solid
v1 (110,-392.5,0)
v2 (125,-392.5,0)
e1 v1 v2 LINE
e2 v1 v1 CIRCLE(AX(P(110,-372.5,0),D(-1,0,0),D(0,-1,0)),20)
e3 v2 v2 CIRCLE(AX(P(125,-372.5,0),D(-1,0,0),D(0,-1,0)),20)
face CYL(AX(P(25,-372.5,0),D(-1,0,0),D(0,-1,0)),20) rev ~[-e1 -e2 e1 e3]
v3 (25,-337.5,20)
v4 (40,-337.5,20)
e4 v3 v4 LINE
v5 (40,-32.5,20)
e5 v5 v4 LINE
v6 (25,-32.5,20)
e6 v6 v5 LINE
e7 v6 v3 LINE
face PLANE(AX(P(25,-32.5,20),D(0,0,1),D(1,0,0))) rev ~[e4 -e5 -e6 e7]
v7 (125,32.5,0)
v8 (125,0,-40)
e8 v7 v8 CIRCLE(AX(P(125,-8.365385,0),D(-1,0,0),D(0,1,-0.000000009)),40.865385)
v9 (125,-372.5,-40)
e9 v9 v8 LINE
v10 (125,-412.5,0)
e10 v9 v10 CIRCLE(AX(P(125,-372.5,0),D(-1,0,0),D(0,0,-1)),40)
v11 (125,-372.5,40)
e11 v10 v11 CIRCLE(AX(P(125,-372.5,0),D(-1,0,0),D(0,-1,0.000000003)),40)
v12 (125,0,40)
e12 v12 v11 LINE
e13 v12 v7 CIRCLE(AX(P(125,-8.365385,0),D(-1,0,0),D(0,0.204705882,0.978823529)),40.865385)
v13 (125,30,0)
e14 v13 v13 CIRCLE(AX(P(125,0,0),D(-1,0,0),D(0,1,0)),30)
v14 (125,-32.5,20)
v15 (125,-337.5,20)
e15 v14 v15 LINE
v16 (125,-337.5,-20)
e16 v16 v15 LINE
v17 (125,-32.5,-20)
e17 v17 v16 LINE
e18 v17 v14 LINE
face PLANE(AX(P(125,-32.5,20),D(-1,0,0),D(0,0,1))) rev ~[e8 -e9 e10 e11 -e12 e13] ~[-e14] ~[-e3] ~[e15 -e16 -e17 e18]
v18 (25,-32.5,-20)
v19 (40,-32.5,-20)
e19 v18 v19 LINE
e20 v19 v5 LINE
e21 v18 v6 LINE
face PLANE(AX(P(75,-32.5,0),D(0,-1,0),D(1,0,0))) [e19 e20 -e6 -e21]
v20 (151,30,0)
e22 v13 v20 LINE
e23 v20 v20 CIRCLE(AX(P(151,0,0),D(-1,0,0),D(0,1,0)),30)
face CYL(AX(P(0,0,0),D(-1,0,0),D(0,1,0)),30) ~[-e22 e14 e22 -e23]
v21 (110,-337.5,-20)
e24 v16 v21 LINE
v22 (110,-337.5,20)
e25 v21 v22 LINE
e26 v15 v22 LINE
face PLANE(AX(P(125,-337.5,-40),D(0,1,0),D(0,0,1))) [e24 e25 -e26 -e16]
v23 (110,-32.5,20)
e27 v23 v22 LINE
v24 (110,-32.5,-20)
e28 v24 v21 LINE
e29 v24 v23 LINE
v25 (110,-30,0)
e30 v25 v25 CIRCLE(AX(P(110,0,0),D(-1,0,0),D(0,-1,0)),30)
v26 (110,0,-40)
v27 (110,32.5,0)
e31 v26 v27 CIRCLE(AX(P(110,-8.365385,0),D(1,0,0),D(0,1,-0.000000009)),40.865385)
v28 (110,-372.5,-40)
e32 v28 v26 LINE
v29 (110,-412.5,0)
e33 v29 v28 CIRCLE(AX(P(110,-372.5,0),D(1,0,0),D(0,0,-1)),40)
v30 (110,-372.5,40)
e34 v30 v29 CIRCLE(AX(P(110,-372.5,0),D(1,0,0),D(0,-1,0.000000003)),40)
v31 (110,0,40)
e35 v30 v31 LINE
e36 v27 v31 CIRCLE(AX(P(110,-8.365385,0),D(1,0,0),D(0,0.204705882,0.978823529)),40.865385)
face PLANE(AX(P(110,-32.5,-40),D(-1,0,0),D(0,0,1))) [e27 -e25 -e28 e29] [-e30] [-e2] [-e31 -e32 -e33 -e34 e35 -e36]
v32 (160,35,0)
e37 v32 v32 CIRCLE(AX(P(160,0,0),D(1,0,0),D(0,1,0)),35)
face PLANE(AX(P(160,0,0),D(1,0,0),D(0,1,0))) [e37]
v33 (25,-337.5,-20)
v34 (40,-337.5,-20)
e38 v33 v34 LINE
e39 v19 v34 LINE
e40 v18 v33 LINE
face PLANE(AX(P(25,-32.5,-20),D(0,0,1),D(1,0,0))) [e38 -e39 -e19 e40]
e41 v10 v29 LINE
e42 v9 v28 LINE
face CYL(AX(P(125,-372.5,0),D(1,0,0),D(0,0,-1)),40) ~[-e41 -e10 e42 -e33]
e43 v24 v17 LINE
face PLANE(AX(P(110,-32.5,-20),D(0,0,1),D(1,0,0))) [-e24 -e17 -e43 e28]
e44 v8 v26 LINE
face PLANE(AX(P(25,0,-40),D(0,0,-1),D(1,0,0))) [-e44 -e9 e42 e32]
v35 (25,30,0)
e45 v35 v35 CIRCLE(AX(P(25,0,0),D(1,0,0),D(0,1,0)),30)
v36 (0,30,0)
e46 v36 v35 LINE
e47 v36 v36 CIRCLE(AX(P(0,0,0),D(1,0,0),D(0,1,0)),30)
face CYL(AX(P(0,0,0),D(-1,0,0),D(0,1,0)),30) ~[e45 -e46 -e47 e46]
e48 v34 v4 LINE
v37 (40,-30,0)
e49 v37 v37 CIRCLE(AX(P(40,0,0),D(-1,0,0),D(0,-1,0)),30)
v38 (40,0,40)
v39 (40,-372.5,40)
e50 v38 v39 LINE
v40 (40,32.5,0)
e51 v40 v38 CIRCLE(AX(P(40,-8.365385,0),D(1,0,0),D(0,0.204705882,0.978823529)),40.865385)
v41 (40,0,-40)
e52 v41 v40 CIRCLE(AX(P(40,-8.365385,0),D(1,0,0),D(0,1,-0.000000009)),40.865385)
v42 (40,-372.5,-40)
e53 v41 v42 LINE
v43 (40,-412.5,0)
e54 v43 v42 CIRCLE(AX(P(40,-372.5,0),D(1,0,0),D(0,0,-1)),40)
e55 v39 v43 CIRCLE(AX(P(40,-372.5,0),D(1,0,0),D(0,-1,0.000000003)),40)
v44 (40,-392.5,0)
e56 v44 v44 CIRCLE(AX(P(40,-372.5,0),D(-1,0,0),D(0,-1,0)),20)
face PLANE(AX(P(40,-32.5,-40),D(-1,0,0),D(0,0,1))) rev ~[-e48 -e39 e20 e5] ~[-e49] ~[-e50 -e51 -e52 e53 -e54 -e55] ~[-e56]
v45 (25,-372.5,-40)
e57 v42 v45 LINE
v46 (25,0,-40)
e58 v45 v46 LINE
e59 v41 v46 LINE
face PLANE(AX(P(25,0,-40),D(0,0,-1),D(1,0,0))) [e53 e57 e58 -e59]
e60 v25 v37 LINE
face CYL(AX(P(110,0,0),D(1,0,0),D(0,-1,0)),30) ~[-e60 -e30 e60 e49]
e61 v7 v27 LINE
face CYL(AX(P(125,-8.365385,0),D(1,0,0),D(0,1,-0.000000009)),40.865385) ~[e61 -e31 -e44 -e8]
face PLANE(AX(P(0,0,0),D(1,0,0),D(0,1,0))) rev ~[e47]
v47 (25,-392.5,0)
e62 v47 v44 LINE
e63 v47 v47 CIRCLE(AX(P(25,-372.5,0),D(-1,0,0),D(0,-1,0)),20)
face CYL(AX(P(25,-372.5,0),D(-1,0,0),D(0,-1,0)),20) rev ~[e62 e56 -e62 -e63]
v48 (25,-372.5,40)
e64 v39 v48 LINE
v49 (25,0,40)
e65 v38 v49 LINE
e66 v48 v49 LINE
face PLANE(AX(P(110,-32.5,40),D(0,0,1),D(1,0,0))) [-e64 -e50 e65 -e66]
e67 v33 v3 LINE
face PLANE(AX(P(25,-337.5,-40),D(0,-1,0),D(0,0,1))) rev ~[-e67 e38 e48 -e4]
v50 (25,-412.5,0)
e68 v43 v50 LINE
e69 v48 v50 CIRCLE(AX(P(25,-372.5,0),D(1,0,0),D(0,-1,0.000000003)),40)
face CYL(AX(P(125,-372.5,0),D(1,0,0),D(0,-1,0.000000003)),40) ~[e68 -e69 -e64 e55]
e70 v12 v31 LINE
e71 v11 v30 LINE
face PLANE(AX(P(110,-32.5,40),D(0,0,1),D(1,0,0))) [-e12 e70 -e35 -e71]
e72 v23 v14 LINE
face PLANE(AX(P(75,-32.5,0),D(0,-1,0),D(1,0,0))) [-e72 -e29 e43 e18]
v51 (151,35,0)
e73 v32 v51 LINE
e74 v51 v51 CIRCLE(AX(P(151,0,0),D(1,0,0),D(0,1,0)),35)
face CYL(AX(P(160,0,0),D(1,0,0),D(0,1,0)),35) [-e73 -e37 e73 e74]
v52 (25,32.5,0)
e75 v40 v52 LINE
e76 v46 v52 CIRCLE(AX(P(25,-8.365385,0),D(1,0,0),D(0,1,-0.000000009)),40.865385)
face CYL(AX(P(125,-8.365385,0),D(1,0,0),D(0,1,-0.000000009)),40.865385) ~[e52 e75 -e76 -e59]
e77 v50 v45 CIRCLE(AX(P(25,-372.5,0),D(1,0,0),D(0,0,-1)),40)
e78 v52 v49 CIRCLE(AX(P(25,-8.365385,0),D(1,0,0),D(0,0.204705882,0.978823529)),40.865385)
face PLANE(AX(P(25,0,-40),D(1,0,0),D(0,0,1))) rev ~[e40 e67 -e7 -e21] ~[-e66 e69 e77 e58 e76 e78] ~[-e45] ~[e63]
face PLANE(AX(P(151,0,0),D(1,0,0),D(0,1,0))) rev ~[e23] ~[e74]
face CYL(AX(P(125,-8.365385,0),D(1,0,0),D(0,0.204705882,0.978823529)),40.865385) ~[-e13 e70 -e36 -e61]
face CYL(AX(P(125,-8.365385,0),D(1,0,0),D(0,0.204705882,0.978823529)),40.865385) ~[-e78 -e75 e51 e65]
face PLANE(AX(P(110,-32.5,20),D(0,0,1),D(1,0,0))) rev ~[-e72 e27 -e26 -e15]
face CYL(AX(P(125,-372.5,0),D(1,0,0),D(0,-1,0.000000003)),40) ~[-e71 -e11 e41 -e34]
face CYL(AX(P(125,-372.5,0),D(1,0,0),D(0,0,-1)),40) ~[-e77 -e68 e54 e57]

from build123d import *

# Parameters (mm, degrees)
F0_R          = 30
F1_DEPTH      = 160
F2_W          = 100
F2_H          = 80
F3_DEPTH      = 32.5
F3_DEPTH_BACK = 32.5
F4_W          = 15
F4_H          = 20
F5_DEPTH      = 380
F6_W          = 75
F6_H          = 80
F7_DEPTH      = 15
F8_W          = 75
F8_H          = 80
F9_DEPTH      = 15
F10_R         = 20
F11_DEPTH     = 135.001
F13_DEPTH     = 125.001
F14_W         = 70
F14_H         = 80
F15_DEPTH     = 65.001
F17_DEPTH     = 125.001
F18_R         = 30
F19_DEPTH     = 70
F20_R         = 35
F21_DEPTH     = 9


with BuildPart() as f1:
    # F0 (on Right) → F1 (new body)
    with BuildSketch(Plane.YZ):
        Circle(F0_R)
    extrude(amount=F1_DEPTH)

    # F2 (on Front) → F3 (join, two sides)
    with BuildSketch(Plane.XZ) as f3_sk:
        with Locations((75, 0)):
            Rectangle(F2_W, F2_H)
    extrude(amount=F3_DEPTH)
    extrude(f3_sk.sketch, amount=-F3_DEPTH_BACK)

    # F4 (on face) → F5 (join)
    with BuildSketch(Plane.XZ.offset(32.5)):
        with Locations((117.5, 30)):
            Rectangle(F4_W, F4_H)
        with Locations((117.5, -30)):
            Rectangle(F4_W, F4_H)
        with Locations((32.5, 30)):
            Rectangle(F4_W, F4_H)
        with Locations((32.5, -30)):
            Rectangle(F4_W, F4_H)
    extrude(amount=F5_DEPTH)

    # F6 (on face) → F7 (join)
    with BuildSketch(Plane.YZ.offset(125)):
        with Locations((-375, 0)):
            Rectangle(F6_W, F6_H)
    extrude(amount=-F7_DEPTH)

    # F8 (on face) → F9 (join)
    with BuildSketch(Plane(origin=(25, 0, 0), x_dir=(0, -1, 0), z_dir=(-1, 0, 0))):
        with Locations((375, 0)):
            Rectangle(F8_W, F8_H)
    extrude(amount=-F9_DEPTH)

    # F10 (on face) → F11 (cut, through all)
    with BuildSketch(Plane(origin=(25, 0, 0), x_dir=(0, -1, 0), z_dir=(-1, 0, 0))):
        with Locations((372.5, 0)):
            Circle(F10_R)
    extrude(amount=-F11_DEPTH, mode=Mode.SUBTRACT)

    # F12 (on face) → F13 (cut, through all)
    with BuildSketch(Plane.YZ.offset(125)):
        with BuildLine():
            ThreePointArc((-372.5, -40), (-400.7842712969, -28.2842711981), (-412.5, 1.397e-07))
            Line((-412.5, 1.397e-07), (-412.5, -40))
            Line((-412.5, -40), (-372.5, -40))
        make_face()
        with BuildLine():
            ThreePointArc((-412.5, 1.397e-07), (-400.7842711981, 28.2842712969), (-372.5, 40))
            Line((-372.5, 40), (-412.5, 40))
            Line((-412.5, 40), (-412.5, 1.397e-07))
        make_face()
    extrude(amount=-F13_DEPTH, mode=Mode.SUBTRACT)

    # F14 (on face) → F15 (cut, through all)
    with BuildSketch(Plane.XZ.offset(32.5)):
        with Locations((75, 0)):
            Rectangle(F14_W, F14_H)
    extrude(amount=-F15_DEPTH, mode=Mode.SUBTRACT)

    # F16 (on face) → F17 (cut, through all)
    with BuildSketch(Plane.YZ.offset(125)):
        with BuildLine():
            ThreePointArc((0, 40), (23.3508126253, 25.7694100117), (32.5, -3.825e-07))
            Line((32.5, -3.825e-07), (32.5, 40))
            Line((32.5, 40), (0, 40))
        make_face()
        with BuildLine():
            ThreePointArc((32.5, -3.825e-07), (23.3508123842, -25.7694103085), (0, -40))
            Line((0, -40), (32.5, -40))
            Line((32.5, -40), (32.5, -3.825e-07))
        make_face()
    extrude(amount=-F17_DEPTH, mode=Mode.SUBTRACT)

    # F18 (on face) → F19 (join)
    with BuildSketch(Plane(origin=(110, 0, 0), x_dir=(0, -1, 0), z_dir=(-1, 0, 0))):
        Circle(F18_R)
    extrude(amount=F19_DEPTH)

    # F20 (on face) → F21 (join)
    with BuildSketch(Plane.YZ.offset(160)):
        Circle(F20_R)
    extrude(amount=-F21_DEPTH)


solid = f1.part
